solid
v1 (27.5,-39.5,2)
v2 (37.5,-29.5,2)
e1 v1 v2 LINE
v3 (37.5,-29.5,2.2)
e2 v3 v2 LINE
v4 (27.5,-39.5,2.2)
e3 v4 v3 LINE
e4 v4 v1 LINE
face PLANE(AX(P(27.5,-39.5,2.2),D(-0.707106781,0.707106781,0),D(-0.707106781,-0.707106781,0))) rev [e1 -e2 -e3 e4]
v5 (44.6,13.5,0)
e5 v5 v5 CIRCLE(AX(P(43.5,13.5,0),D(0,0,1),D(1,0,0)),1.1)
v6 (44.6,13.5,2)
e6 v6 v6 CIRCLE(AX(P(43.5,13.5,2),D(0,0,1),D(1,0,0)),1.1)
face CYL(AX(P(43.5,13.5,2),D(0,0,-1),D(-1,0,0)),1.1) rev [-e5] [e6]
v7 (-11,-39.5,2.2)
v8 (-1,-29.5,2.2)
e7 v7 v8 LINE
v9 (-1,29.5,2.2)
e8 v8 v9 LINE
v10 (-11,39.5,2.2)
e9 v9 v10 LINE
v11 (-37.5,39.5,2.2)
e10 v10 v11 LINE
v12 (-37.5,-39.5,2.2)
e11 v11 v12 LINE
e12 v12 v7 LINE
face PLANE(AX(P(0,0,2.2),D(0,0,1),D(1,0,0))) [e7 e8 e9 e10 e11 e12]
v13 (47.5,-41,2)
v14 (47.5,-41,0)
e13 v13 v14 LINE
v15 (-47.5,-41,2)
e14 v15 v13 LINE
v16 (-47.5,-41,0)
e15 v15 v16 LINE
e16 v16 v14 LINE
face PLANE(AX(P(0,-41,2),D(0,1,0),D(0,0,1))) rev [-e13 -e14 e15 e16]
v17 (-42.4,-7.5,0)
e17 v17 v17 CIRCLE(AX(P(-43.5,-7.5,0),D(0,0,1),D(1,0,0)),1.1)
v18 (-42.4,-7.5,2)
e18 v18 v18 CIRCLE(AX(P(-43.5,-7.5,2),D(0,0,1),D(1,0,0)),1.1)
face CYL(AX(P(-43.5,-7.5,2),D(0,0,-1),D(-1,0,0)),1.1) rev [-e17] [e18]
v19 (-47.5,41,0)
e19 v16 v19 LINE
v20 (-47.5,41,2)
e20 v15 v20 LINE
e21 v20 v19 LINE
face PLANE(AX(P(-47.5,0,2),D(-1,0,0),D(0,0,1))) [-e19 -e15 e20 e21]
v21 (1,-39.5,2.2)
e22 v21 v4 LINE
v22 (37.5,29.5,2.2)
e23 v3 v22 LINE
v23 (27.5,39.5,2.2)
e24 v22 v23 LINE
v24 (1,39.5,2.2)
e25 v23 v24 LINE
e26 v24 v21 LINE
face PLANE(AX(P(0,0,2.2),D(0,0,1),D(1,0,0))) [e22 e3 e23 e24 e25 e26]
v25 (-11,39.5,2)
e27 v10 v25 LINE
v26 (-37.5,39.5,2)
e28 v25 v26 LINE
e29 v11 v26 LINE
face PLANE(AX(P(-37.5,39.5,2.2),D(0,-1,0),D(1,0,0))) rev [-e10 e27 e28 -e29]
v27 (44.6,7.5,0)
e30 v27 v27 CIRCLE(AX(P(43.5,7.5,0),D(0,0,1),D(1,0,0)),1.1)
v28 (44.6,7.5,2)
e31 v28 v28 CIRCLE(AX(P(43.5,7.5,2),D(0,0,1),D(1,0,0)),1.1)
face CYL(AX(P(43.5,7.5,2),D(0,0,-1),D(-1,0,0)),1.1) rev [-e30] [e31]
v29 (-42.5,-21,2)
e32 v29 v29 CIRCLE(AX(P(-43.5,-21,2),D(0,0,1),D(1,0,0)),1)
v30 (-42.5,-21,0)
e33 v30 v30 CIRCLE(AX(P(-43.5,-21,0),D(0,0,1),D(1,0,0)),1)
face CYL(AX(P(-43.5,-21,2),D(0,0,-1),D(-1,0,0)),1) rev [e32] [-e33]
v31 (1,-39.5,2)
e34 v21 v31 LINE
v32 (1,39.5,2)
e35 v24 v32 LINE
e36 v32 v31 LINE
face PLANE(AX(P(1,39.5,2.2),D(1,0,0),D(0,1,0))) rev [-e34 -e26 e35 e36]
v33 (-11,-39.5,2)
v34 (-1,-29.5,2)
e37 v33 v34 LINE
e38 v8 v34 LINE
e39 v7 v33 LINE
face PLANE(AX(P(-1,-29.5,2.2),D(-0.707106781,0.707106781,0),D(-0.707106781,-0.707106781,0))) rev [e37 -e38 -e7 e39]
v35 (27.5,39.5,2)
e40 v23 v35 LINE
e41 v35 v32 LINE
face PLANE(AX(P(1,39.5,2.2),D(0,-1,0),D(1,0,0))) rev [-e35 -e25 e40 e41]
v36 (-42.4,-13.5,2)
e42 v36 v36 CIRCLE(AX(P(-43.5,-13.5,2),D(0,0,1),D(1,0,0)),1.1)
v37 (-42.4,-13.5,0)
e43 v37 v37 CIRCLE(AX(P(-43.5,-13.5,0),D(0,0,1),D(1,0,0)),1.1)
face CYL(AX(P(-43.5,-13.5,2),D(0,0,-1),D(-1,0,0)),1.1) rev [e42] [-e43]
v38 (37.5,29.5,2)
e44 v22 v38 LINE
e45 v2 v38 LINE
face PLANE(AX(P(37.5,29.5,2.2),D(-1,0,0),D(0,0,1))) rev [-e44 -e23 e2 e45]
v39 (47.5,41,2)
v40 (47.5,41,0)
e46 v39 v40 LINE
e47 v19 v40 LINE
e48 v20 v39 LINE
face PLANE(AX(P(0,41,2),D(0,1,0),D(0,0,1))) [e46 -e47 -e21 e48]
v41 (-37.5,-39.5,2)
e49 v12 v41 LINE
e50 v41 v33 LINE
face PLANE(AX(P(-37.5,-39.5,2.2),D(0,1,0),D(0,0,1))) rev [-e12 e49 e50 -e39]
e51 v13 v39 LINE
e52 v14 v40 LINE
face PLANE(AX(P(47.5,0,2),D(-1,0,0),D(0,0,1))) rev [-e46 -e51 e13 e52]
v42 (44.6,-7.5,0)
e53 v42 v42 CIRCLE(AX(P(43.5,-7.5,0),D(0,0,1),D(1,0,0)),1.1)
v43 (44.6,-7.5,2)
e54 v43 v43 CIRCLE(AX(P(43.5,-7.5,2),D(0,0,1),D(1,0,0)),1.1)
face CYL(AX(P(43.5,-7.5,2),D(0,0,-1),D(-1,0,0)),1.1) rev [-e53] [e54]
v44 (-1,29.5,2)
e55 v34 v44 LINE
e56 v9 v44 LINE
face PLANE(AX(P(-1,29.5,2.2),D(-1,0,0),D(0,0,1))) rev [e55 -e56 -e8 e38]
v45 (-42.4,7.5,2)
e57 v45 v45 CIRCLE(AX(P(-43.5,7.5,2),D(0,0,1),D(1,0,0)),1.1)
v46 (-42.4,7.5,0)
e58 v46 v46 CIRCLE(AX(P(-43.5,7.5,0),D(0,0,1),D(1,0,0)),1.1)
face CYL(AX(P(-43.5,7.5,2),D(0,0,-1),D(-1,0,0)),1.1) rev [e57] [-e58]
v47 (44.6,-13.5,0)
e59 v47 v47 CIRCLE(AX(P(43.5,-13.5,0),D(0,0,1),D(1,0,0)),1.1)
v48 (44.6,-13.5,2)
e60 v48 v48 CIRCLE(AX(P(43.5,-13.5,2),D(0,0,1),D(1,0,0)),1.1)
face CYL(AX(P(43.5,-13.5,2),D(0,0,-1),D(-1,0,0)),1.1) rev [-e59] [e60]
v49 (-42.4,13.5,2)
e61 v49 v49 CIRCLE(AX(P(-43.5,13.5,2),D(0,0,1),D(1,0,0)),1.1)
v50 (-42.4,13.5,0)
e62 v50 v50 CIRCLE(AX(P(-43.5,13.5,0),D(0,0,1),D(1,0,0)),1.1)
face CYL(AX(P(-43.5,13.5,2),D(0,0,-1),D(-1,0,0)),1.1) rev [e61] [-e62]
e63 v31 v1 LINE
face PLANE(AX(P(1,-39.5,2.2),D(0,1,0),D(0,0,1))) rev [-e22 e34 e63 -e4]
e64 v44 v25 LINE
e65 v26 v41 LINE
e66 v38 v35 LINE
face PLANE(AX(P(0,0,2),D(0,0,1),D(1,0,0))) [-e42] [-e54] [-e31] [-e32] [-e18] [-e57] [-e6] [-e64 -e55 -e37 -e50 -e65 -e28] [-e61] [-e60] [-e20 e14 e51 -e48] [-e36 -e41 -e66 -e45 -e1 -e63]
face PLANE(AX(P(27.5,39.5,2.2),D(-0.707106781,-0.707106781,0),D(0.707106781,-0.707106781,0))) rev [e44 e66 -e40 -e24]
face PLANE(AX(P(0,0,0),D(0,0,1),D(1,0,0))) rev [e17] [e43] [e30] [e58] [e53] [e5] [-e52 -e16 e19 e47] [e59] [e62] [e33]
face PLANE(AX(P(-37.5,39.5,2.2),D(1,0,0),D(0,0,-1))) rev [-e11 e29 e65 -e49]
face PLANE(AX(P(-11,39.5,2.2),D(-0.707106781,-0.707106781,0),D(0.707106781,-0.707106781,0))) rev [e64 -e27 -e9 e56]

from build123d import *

# Parameters (mm, degrees)
SKETCH1_W           = 95
SKETCH1_H           = 82
SKETCH1_R           = 1.1
SKETCH1_R_2         = 1
BOSS_EXTRUDE1_DEPTH = 2
BOSS_EXTRUDE2_DEPTH = 0.2


with BuildPart() as part:
    # Sketch1 → Boss-Extrude1 (new body)
    with BuildSketch(Plane.XY):
        Rectangle(SKETCH1_W, SKETCH1_H)
        with Locations((-43.5, 13.5)):
            Circle(SKETCH1_R, mode=Mode.SUBTRACT)
        with Locations((-43.5, -13.5)):
            Circle(SKETCH1_R, mode=Mode.SUBTRACT)
        with Locations((43.5, 7.5)):
            Circle(SKETCH1_R, mode=Mode.SUBTRACT)
        with Locations((43.5, -7.5)):
            Circle(SKETCH1_R, mode=Mode.SUBTRACT)
        with Locations((-43.5, 7.5)):
            Circle(SKETCH1_R, mode=Mode.SUBTRACT)
        with Locations((-43.5, -7.5)):
            Circle(SKETCH1_R, mode=Mode.SUBTRACT)
        with Locations((43.5, 13.5)):
            Circle(SKETCH1_R, mode=Mode.SUBTRACT)
        with Locations((43.5, -13.5)):
            Circle(SKETCH1_R, mode=Mode.SUBTRACT)
        with Locations((-43.5, -21)):
            Circle(SKETCH1_R_2, mode=Mode.SUBTRACT)
    extrude(amount=BOSS_EXTRUDE1_DEPTH)

    # Sketch2 → Boss-Extrude2 (add)
    with BuildSketch(Plane.XY.offset(2)):
        Polygon((-11, 39.5), (-1, 29.5), (-1, -29.5), (-11, -39.5), (-37.5, -39.5), (-37.5, 39.5), align=None)
        Polygon((1, 39.5), (27.5, 39.5), (37.5, 29.5), (37.5, -29.5), (27.5, -39.5), (1, -39.5), align=None)
    extrude(amount=BOSS_EXTRUDE2_DEPTH)


solid = part.part
